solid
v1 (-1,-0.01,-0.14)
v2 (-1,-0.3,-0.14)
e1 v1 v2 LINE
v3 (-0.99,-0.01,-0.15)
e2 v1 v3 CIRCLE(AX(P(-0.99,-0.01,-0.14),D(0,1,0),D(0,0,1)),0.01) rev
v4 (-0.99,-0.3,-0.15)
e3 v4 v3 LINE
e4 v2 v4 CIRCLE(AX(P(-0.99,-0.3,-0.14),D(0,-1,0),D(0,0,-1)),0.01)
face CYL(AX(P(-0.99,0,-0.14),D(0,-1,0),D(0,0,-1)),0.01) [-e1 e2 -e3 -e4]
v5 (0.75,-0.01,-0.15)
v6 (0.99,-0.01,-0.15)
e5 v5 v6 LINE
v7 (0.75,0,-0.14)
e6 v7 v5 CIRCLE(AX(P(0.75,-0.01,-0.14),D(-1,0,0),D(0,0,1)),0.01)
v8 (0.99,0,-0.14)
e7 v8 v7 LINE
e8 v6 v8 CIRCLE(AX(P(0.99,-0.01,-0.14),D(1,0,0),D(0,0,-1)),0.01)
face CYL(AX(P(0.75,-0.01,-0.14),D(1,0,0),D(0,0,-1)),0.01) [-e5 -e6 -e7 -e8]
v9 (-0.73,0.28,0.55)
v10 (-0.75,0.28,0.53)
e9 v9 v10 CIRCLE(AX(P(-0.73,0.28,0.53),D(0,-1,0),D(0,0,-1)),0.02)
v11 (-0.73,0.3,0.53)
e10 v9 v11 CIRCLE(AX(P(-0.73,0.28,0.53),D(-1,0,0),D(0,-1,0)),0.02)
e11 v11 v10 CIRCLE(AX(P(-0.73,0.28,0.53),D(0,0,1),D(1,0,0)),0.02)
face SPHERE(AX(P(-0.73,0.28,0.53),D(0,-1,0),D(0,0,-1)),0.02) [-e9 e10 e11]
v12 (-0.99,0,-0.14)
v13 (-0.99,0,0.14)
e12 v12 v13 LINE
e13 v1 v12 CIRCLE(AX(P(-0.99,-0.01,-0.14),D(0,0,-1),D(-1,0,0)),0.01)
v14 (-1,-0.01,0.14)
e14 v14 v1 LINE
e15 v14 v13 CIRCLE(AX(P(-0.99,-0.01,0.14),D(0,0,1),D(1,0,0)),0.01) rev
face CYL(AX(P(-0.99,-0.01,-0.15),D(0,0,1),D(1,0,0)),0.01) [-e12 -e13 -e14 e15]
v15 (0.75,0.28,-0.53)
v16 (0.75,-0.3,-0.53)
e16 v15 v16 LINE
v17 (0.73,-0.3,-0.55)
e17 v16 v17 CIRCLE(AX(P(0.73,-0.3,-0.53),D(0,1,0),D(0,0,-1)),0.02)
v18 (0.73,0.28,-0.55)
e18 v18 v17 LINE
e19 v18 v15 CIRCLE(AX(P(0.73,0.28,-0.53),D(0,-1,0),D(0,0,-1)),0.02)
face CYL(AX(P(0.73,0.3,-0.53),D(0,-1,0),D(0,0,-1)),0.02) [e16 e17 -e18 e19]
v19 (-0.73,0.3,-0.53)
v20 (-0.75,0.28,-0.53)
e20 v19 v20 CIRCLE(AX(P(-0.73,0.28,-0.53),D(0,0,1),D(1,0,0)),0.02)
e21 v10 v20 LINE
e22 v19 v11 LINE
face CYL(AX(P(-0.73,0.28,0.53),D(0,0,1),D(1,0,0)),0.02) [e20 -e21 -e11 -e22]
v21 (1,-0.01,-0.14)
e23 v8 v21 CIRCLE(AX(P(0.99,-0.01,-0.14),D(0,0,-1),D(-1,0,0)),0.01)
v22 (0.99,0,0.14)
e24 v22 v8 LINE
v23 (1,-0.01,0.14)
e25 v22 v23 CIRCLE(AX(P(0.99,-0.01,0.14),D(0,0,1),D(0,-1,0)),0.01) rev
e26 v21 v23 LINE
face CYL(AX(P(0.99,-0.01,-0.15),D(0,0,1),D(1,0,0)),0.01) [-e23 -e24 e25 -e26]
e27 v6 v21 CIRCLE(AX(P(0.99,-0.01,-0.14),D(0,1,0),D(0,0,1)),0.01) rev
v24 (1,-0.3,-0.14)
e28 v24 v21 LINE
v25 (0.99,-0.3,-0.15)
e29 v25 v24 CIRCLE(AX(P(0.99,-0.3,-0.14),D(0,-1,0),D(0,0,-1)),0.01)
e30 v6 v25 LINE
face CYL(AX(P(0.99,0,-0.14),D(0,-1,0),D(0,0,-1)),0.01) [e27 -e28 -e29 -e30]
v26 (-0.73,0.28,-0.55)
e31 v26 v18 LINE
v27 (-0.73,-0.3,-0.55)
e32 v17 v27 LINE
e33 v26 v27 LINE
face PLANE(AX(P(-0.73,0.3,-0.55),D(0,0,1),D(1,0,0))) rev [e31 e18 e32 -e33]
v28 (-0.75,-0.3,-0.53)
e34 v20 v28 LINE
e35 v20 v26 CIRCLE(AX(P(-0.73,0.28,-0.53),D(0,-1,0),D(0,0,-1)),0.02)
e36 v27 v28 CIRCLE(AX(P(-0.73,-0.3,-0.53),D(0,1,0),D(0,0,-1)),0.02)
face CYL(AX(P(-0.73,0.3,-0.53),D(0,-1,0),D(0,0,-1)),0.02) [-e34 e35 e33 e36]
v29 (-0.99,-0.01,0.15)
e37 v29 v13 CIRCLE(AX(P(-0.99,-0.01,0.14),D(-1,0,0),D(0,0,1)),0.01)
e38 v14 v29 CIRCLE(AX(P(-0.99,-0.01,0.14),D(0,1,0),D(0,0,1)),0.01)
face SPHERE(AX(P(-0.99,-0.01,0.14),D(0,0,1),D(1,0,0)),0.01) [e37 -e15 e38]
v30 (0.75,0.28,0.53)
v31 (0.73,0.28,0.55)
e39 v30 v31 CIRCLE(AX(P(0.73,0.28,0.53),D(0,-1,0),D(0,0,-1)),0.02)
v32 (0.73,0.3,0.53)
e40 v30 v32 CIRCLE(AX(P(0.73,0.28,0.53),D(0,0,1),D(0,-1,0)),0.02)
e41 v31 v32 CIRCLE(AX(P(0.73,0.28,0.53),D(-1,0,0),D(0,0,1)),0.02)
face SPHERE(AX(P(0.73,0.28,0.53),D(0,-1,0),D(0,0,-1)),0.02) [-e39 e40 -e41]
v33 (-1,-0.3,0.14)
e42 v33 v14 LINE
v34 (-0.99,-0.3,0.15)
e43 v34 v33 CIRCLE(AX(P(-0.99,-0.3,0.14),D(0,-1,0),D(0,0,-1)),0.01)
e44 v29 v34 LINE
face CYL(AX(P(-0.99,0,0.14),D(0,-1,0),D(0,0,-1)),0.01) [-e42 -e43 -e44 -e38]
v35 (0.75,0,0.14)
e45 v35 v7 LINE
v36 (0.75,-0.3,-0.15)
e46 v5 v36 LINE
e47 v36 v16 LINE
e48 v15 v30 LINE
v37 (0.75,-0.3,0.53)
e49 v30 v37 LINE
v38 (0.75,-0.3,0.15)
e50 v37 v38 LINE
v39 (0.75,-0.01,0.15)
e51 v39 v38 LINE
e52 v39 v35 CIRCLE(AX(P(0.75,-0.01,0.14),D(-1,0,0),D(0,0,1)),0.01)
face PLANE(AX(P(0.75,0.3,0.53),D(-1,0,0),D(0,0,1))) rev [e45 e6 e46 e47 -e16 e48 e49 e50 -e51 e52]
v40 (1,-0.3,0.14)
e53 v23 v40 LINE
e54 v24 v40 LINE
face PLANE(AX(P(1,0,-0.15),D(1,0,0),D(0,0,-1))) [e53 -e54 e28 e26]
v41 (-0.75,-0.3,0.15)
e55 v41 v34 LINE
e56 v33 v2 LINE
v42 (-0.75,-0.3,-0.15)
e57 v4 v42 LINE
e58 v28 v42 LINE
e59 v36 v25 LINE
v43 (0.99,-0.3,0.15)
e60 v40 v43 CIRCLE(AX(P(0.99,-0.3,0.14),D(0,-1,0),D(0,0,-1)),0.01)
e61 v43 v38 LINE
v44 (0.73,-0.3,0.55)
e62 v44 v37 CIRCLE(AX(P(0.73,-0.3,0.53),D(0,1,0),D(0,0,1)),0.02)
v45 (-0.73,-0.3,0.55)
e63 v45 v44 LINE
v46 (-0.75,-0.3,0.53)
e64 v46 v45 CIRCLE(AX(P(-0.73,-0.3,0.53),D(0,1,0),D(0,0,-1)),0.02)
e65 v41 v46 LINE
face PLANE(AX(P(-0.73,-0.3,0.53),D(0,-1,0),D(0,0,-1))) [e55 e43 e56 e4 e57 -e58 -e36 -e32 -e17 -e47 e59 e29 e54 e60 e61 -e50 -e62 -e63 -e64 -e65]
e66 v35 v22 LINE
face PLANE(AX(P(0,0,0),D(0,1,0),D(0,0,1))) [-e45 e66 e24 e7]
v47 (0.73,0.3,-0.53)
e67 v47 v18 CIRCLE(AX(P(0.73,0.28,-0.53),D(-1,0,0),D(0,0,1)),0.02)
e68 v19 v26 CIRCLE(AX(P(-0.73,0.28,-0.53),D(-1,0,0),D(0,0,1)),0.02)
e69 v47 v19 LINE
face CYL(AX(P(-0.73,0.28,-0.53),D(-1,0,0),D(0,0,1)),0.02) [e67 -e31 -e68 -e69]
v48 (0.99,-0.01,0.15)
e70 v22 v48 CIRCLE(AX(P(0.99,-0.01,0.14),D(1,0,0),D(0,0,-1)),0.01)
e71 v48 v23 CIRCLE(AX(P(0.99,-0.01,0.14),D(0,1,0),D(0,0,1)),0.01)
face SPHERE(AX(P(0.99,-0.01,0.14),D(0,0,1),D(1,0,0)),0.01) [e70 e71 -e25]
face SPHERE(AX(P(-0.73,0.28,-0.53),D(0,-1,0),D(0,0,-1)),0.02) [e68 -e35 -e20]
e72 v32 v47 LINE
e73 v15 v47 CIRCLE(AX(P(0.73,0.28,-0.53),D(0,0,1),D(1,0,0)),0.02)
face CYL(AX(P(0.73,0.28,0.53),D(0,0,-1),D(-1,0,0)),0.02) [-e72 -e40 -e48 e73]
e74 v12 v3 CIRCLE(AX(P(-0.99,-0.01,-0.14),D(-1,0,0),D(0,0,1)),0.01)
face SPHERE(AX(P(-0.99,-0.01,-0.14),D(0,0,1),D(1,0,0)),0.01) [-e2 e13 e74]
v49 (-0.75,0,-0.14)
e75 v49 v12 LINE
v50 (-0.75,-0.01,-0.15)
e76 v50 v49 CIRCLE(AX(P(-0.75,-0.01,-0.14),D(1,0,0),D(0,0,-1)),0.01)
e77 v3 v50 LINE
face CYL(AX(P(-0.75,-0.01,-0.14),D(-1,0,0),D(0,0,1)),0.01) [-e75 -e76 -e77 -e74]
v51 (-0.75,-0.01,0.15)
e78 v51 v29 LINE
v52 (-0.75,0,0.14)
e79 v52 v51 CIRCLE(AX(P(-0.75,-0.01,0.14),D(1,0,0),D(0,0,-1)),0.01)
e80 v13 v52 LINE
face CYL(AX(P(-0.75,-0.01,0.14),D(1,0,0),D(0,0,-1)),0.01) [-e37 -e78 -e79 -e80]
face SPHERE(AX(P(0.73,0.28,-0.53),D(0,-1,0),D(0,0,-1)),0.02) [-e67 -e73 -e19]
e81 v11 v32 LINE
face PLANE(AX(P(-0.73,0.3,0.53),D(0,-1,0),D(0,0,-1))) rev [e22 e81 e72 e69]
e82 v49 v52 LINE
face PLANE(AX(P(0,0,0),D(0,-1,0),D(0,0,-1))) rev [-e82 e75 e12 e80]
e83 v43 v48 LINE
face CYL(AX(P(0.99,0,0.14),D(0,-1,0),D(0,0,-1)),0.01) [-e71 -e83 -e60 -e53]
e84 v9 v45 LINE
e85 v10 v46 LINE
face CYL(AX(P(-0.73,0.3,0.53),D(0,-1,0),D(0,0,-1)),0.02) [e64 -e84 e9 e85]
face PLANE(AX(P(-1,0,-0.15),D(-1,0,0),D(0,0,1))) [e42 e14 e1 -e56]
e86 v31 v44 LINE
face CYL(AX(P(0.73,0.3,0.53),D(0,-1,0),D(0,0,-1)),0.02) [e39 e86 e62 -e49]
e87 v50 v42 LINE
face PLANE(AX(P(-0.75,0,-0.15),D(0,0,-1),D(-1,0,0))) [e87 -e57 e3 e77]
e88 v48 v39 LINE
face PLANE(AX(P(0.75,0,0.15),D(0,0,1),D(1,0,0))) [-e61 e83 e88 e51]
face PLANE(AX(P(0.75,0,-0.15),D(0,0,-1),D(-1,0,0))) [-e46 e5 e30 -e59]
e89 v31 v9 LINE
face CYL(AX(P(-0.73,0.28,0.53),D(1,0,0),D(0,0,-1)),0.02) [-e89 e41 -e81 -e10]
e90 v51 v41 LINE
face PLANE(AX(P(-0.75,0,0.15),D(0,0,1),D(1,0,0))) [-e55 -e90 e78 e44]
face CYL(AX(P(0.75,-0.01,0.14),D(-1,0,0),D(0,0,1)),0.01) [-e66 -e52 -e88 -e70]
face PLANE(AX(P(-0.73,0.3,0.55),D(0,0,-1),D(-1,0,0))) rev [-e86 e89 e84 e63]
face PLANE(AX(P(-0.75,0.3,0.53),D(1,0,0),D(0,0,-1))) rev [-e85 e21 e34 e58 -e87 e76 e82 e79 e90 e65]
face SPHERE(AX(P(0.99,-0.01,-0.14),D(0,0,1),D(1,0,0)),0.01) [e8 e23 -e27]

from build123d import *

# Parameters (mm, degrees)
BOSS_EXTRUDE1_DEPTH = 0.3
FILLET1_R           = 0.02
SKETCH2_W           = 0.25
SKETCH2_H           = 0.3
BOSS_EXTRUDE2_DEPTH = 0.3
FILLET2_R           = 0.01


with BuildPart() as part:
    # Sketch1 → Boss-Extrude1 (new, symmetric)
    with BuildSketch(Plane(origin=(0, 0, 0), x_dir=(1, 0, 0), z_dir=(0, 1, 0))):
        with BuildLine():
            Line((-0.73, -0.55), (0.73, -0.55))
            ThreePointArc((0.73, -0.55), (0.744142136, -0.544142136), (0.75, -0.53))
            Line((0.75, -0.53), (0.75, 0.53))
            ThreePointArc((0.75, 0.53), (0.744142136, 0.544142136), (0.73, 0.55))
            Line((0.73, 0.55), (-0.73, 0.55))
            ThreePointArc((-0.73, 0.55), (-0.744142136, 0.544142136), (-0.75, 0.53))
            Line((-0.75, 0.53), (-0.75, -0.53))
            ThreePointArc((-0.75, -0.53), (-0.744142136, -0.544142136), (-0.73, -0.55))
        make_face()
    extrude(amount=BOSS_EXTRUDE1_DEPTH, both=True)

    # Fillet1
    fillet1_edges = [part.edges().sort_by_distance(p)[0] for p in [
        (0.744142136, 0.3, 0.544142136),
        (0.75, 0.3, 0),
        (0.744142136, 0.3, -0.544142136),
        (0, 0.3, -0.55),
        (-0.744142136, 0.3, -0.544142136),
        (-0.75, 0.3, 0),
        (-0.744142136, 0.3, 0.544142136),
        (0, 0.3, 0.55),
    ]]
    fillet(fillet1_edges, radius=FILLET1_R)

    # Sketch2 → Boss-Extrude2 (add)
    with BuildSketch(Plane.XZ.offset(0.3)):
        with Locations((-0.875, 0)):
            Rectangle(SKETCH2_W, SKETCH2_H)
        with Locations((0.875, 0)):
            Rectangle(SKETCH2_W, SKETCH2_H)
    extrude(amount=-BOSS_EXTRUDE2_DEPTH)

    # Fillet2
    fillet2_edges = [part.edges().sort_by_distance(p)[0] for p in [
        (-0.875, 0, -0.15),
        (-1, 0, 0),
        (-1, -0.15, -0.15),
        (-0.875, 0, 0.15),
        (-1, -0.15, 0.15),
        (0.875, 0, 0.15),
        (1, 0, 0),
        (1, -0.15, 0.15),
        (0.875, 0, -0.15),
        (1, -0.15, -0.15),
    ]]
    fillet(fillet2_edges, radius=FILLET2_R)


solid = part.part
